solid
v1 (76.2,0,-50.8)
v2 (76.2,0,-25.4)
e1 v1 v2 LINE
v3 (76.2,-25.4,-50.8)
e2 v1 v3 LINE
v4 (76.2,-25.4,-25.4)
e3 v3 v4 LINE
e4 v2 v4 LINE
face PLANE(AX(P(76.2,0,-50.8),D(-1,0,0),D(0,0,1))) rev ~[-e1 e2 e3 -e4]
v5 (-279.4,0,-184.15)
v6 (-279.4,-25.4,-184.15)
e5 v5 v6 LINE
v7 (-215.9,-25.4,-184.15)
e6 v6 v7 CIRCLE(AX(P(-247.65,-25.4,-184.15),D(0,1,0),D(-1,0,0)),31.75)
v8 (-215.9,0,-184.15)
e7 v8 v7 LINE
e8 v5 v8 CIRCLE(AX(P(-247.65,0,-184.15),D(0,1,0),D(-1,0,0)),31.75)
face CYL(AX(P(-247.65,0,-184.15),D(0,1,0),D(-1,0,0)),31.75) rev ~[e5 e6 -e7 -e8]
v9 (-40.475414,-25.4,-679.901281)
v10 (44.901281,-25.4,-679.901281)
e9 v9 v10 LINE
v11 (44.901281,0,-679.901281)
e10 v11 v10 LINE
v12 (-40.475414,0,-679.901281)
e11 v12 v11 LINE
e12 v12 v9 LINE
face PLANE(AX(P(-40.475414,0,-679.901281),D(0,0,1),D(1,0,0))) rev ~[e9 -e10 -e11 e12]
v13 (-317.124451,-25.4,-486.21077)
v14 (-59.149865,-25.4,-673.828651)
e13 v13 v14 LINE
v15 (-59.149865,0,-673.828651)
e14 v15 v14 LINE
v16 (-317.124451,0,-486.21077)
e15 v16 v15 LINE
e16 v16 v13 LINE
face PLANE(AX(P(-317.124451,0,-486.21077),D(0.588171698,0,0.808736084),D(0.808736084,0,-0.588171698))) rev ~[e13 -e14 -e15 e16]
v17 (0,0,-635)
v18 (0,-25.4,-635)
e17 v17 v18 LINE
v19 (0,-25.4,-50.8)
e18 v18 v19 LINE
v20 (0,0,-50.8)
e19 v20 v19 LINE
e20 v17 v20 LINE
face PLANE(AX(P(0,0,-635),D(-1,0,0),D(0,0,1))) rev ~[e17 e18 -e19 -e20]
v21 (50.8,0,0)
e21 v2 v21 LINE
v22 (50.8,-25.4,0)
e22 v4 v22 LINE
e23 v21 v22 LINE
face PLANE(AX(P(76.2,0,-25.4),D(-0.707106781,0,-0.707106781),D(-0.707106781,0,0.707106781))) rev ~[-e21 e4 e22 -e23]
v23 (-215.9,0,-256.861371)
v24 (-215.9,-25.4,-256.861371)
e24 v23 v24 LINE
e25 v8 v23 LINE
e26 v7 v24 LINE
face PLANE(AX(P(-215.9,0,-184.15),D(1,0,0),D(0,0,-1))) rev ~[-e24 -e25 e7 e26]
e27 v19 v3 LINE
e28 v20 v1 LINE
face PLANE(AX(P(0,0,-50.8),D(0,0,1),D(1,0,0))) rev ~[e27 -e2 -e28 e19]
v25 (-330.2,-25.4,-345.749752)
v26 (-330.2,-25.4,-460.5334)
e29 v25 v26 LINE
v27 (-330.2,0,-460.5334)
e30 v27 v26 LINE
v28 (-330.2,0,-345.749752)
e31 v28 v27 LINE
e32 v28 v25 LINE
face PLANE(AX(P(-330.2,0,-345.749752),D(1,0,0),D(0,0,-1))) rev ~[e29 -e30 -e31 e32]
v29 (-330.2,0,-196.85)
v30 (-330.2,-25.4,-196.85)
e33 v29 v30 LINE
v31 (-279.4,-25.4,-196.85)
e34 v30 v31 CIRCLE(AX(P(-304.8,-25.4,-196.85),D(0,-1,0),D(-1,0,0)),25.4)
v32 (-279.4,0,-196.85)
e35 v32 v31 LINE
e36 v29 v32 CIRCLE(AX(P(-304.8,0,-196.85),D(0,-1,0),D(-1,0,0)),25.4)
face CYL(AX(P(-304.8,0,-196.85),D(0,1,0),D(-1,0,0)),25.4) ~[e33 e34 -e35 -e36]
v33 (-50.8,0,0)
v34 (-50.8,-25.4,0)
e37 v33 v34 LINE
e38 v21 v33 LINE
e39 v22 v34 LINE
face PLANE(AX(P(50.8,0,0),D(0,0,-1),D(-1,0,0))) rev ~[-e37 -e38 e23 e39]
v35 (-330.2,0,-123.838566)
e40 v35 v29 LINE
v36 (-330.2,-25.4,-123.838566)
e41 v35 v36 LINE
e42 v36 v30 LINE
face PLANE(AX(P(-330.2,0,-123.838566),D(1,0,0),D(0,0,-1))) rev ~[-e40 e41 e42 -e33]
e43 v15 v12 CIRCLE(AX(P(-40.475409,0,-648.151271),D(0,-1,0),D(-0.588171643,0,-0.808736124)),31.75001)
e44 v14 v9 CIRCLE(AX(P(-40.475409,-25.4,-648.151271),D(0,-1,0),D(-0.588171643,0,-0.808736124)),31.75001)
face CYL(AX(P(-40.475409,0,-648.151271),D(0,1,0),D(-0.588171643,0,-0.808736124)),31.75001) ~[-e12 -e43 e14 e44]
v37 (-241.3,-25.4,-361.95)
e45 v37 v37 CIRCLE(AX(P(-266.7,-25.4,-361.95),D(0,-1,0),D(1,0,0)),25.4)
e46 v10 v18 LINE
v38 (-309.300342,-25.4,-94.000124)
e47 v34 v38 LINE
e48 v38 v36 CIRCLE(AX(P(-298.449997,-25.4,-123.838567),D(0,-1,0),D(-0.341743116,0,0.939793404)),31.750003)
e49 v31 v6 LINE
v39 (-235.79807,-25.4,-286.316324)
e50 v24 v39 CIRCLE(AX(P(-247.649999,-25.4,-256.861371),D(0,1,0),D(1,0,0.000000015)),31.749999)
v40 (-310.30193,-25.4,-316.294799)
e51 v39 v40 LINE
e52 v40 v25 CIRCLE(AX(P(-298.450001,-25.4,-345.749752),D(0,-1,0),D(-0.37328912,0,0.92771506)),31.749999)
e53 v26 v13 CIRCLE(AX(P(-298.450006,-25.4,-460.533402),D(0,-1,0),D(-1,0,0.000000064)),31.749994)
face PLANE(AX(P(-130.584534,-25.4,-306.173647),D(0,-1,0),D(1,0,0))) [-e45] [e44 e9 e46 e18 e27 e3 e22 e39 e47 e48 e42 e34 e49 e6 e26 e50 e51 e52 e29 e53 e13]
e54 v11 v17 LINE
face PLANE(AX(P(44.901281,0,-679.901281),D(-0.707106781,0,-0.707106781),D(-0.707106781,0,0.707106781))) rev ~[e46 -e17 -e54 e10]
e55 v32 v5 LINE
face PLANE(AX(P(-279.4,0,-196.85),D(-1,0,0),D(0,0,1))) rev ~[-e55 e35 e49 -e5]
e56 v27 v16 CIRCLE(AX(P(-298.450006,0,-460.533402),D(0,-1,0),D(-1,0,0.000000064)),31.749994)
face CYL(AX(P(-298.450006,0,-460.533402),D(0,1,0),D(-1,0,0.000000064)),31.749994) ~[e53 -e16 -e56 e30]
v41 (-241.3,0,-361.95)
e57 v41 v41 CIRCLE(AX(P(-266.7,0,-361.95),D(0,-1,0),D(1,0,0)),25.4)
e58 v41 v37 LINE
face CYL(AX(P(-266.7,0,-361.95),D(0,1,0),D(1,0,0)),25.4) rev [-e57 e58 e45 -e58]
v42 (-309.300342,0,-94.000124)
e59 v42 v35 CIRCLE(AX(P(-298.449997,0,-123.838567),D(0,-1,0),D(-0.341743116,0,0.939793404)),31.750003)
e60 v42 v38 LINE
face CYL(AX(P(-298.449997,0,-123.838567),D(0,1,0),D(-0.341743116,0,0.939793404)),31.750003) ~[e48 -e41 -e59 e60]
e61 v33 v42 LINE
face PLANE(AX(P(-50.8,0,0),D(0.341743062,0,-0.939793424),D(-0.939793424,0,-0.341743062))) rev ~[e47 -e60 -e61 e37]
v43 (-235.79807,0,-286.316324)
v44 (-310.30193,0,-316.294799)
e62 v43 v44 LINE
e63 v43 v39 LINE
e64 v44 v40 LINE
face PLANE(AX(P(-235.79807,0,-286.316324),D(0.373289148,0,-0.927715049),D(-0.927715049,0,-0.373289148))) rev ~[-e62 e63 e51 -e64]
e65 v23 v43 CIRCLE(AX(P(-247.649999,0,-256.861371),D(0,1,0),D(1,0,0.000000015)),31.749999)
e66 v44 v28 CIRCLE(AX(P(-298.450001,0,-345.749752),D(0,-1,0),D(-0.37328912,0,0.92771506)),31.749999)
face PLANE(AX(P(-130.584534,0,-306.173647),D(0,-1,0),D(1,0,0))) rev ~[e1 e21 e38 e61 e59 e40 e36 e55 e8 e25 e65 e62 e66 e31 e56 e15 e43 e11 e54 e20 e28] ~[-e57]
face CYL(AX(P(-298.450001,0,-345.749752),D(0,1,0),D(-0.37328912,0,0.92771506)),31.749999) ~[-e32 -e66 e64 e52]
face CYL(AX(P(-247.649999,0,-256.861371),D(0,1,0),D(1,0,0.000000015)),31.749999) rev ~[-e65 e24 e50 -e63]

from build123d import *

# Parameters (mm, degrees)
F0_R     = 25.4
F1_DEPTH = 25.4


with BuildPart() as f1:
    # F0 (on Front) → F1 (new body)
    with BuildSketch(Plane.XZ):
        with BuildLine():
            ThreePointArc((-279.4, -184.15), (-247.65, -152.4), (-215.9, -184.15))
            Line((-215.9, -184.15), (-215.9, -256.861371))
            ThreePointArc((-215.9, -256.861371), (-221.340674, -274.634437), (-235.79807, -286.316324))
            Line((-235.79807, -286.316324), (-310.30193, -316.294799))
            ThreePointArc((-310.30193, -316.294799), (-324.759326, -327.976686), (-330.2, -345.749752))
            Line((-330.2, -345.749752), (-330.2, -460.5334))
            ThreePointArc((-330.2, -460.5334), (-326.7429, -474.94084), (-317.124451, -486.21077))
            Line((-317.124451, -486.21077), (-59.149865, -673.828651))
            ThreePointArc((-59.149865, -673.828651), (-50.293916, -678.34498), (-40.475414, -679.901281))
            Line((-40.475414, -679.901281), (44.901281, -679.901281))
            Line((44.901281, -679.901281), (0, -635))
            Line((0, -635), (0, -50.8))
            Line((0, -50.8), (76.2, -50.8))
            Line((76.2, -50.8), (76.2, -25.4))
            Line((76.2, -25.4), (50.8, 0))
            Line((50.8, 0), (0, 0))
            Line((0, 0), (-50.8, 0))
            Line((-50.8, 0), (-309.300342, -94.000124))
            ThreePointArc((-309.300342, -94.000124), (-324.455392, -105.62368), (-330.2, -123.838566))
            Line((-330.2, -123.838566), (-330.2, -196.85))
            ThreePointArc((-330.2, -196.85), (-304.8, -222.25), (-279.4, -196.85))
            Line((-279.4, -196.85), (-279.4, -184.15))
        make_face()
        with Locations((-266.7, -361.95)):
            Circle(F0_R, mode=Mode.SUBTRACT)
    extrude(amount=F1_DEPTH)


solid = f1.part
